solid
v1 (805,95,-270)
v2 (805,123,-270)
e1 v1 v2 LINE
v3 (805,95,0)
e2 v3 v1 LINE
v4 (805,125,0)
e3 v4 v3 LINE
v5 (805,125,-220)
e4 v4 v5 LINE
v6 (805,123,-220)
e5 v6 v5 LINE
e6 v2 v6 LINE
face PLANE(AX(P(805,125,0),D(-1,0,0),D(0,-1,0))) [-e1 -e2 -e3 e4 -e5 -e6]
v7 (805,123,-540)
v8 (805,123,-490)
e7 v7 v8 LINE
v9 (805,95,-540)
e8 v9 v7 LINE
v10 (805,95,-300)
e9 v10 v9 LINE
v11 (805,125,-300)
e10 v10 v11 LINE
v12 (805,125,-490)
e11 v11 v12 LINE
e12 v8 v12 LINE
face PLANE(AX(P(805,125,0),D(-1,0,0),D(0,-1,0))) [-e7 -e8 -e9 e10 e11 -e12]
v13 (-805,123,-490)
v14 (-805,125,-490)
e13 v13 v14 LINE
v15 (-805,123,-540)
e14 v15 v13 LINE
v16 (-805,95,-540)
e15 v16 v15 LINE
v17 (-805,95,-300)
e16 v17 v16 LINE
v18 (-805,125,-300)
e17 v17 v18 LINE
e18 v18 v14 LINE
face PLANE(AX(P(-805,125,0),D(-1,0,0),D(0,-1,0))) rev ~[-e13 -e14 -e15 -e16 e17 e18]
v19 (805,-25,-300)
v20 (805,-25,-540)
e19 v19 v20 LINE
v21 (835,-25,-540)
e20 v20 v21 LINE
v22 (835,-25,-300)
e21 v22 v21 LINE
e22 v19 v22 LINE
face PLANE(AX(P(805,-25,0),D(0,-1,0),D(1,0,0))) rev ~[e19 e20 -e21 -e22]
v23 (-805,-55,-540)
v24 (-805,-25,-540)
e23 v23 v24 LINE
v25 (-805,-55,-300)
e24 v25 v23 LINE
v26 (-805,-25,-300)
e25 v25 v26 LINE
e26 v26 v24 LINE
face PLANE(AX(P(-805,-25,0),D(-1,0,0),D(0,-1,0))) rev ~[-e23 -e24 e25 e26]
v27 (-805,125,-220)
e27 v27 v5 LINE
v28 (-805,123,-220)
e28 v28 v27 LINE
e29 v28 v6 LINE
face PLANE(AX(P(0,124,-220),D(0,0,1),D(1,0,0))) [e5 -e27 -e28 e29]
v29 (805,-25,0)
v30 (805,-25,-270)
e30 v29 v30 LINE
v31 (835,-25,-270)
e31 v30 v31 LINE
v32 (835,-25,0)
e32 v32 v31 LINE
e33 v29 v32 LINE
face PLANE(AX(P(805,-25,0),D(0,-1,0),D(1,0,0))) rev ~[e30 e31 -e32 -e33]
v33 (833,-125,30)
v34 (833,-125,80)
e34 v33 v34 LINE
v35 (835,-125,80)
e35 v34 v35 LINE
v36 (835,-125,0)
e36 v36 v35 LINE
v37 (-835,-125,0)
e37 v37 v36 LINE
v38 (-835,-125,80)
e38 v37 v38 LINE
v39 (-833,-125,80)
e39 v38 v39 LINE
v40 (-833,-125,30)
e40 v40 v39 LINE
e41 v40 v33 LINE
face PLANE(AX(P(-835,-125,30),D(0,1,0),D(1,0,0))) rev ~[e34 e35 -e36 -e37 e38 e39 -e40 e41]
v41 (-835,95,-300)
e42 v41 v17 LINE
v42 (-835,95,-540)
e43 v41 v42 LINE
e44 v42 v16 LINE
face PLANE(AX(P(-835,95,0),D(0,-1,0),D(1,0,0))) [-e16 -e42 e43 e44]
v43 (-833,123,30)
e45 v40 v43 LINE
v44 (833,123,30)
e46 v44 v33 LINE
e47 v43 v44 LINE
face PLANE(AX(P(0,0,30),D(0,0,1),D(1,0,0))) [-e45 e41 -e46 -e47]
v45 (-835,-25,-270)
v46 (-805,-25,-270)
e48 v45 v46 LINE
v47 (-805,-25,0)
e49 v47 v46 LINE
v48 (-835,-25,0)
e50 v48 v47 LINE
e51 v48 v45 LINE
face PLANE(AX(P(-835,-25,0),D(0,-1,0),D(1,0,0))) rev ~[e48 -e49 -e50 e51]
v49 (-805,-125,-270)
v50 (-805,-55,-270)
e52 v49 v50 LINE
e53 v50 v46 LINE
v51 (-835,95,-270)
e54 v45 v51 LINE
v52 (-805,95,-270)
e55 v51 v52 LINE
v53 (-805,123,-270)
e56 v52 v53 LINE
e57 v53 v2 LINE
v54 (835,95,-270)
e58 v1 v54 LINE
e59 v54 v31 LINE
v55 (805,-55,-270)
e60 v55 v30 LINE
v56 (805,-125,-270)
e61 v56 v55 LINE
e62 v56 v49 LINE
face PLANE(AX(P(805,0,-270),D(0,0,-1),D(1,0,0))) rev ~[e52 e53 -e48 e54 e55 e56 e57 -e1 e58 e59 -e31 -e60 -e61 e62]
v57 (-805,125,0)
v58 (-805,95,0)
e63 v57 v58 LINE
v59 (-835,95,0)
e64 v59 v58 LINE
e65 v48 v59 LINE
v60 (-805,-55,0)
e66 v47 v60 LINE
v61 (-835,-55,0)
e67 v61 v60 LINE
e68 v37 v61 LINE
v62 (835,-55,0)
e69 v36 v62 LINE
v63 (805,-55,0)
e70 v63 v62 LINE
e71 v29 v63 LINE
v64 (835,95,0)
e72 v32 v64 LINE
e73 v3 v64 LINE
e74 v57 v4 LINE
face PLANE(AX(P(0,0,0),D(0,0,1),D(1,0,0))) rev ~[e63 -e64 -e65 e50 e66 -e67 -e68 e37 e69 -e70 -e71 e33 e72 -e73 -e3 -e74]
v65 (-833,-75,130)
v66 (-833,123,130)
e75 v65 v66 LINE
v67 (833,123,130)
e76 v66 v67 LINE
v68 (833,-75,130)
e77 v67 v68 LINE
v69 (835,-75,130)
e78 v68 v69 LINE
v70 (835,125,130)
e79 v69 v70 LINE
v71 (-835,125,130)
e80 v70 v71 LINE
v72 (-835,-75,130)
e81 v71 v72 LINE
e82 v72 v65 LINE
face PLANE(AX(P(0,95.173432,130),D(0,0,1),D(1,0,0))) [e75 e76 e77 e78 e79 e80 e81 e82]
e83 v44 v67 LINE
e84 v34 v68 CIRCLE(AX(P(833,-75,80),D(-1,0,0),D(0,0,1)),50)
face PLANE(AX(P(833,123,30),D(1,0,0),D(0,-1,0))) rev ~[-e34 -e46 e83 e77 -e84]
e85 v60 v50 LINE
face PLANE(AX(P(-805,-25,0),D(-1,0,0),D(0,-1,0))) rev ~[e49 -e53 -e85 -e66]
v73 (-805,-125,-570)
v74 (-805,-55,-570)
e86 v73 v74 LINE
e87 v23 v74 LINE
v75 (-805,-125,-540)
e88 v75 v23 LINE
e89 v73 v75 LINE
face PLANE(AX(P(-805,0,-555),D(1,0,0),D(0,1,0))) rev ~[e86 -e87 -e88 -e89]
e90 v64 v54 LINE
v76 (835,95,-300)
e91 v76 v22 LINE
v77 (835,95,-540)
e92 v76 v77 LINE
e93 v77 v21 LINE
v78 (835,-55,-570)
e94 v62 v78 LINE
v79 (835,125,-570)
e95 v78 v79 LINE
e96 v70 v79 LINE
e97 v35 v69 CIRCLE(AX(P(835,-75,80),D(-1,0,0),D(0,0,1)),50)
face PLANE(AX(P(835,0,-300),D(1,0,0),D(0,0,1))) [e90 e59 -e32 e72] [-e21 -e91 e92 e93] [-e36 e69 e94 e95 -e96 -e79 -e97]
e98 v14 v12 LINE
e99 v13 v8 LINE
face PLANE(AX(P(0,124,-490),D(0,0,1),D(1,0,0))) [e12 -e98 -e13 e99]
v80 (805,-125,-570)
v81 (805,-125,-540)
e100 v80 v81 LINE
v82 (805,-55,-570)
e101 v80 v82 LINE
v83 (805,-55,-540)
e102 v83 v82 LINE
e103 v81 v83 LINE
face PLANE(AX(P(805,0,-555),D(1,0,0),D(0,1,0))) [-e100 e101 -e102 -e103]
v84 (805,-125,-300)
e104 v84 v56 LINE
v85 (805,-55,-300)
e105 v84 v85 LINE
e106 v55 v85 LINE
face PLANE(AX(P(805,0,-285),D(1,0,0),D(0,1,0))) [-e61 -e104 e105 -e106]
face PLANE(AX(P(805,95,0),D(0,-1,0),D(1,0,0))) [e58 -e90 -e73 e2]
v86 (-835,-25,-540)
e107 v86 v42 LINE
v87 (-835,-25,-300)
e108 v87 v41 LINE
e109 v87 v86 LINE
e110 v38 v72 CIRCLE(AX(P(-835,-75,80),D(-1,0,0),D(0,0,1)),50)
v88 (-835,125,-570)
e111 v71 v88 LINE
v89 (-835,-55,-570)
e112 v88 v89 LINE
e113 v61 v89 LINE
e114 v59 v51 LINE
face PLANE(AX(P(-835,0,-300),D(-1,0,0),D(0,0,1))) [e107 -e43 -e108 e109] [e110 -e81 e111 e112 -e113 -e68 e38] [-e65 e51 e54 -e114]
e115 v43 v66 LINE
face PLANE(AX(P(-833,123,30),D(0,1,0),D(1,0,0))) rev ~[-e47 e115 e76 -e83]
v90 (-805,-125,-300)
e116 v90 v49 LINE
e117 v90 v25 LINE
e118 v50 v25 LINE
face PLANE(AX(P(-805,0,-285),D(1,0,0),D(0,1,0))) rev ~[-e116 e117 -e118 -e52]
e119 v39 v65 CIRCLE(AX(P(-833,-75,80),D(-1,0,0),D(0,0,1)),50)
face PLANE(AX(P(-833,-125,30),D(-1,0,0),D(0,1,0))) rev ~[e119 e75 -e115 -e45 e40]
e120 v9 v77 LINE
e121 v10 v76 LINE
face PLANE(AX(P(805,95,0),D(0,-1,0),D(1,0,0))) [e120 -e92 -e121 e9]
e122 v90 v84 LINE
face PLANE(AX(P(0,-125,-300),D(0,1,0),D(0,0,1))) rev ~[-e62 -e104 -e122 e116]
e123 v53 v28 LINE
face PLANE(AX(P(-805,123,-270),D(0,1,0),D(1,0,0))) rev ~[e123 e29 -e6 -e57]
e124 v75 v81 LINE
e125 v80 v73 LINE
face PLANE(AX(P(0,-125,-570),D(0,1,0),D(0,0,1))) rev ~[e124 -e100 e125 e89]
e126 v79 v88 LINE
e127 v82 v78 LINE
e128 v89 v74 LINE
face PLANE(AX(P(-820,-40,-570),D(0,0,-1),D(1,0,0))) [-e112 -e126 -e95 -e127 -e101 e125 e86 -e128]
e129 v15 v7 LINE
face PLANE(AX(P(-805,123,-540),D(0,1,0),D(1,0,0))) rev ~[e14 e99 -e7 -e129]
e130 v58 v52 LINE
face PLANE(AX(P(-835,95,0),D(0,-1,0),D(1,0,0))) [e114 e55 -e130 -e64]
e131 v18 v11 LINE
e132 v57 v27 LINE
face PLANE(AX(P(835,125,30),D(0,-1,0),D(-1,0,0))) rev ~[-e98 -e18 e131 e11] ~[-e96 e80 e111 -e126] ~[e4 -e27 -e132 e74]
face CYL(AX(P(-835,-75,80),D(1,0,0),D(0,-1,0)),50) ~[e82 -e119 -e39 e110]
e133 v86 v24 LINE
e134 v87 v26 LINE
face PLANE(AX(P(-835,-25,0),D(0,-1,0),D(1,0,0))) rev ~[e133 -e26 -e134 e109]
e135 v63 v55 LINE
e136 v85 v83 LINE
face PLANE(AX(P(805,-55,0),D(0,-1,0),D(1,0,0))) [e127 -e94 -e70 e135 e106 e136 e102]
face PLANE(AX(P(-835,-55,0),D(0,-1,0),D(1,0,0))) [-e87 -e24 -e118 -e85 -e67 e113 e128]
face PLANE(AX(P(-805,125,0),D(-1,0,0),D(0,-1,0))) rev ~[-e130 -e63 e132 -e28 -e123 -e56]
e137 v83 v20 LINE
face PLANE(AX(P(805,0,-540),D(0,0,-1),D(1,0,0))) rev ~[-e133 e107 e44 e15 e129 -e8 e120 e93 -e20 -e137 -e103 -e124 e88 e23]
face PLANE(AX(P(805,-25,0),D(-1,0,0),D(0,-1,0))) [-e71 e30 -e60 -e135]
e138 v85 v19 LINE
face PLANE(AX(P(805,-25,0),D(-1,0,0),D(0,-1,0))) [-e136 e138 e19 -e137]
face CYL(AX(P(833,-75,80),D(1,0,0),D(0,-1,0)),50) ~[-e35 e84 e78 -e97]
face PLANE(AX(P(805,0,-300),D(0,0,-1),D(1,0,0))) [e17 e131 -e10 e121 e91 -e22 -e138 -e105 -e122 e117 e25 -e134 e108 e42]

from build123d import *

# Parameters (mm, degrees)
F0_W           = 1670
F0_H           = 250
F1_DEPTH       = 30
F2_W           = 30
F2_H           = 30
F3_DEPTH       = 570
F4_W           = 250
F4_H           = 30
F5_DEPTH       = 805
F5_DEPTH_BACK  = 805
F7_DEPTH       = 100
F8_R           = 50
F9_W           = 1610
F9_H           = 2
F10_DEPTH      = 50
F11_W          = 1610
F11_H          = 2
F12_DEPTH      = 50
F13_W          = 30
F13_H          = 30
F14_DEPTH      = 25
F14_DEPTH_BACK = 95


with BuildPart() as f1:
    # F0 (on Top) → F1 (new body)
    with BuildSketch(Plane.XY):
        Rectangle(F0_W, F0_H)
    extrude(amount=F1_DEPTH)

    # F2 (on face) → F3 (join)
    with BuildSketch(Plane(origin=(0, 0, 0), x_dir=(1, 0, 0), z_dir=(0, 0, -1))):
        with Locations((-820, 40)):
            Rectangle(F2_W, F2_H)
        with Locations((820, 40)):
            Rectangle(F2_W, F2_H)
        with Locations((820, -110)):
            Rectangle(F2_W, F2_H)
        with Locations((-820, -110)):
            Rectangle(F2_W, F2_H)
    extrude(amount=F3_DEPTH)

    # F4 (on Right) → F5 (join, two sides)
    with BuildSketch(Plane.YZ) as f5_sk:
        with Locations((0, -285)):
            Rectangle(F4_W, F4_H)
        with Locations((0, -555)):
            Rectangle(F4_W, F4_H)
    extrude(amount=F5_DEPTH)
    extrude(f5_sk.sketch, amount=-F5_DEPTH_BACK)

    # F6 (on face) → F7 (join)
    with BuildSketch(Plane.XY.offset(30)):
        Polygon((-835, 125), (-835, -125), (-833, -125), (-833, 123), (833, 123), (833, -125), (835, -125), (835, 125), align=None)
    extrude(amount=F7_DEPTH)

    # F8
    f8_edges = [f1.edges().sort_by_distance(p)[0] for p in [
        (-834, -125, 130),
        (834, -125, 130),
    ]]
    fillet(f8_edges, radius=F8_R)

    # F9 (on face) → F10 (join)
    with BuildSketch(Plane.XY.offset(-270)):
        with Locations((0, 124)):
            Rectangle(F9_W, F9_H)
    extrude(amount=F10_DEPTH)

    # F11 (on face) → F12 (join)
    with BuildSketch(Plane.XY.offset(-540)):
        with Locations((0, 124)):
            Rectangle(F11_W, F11_H)
    extrude(amount=F12_DEPTH)

    # F13 (on Front) → F14 (join, two sides)
    with BuildSketch(Plane.XZ) as f14_sk:
        with Locations((820, -285)):
            Rectangle(F13_W, F13_H)
        with Locations((820, -555)):
            Rectangle(F13_W, F13_H)
        with Locations((-820, -555)):
            Rectangle(F13_W, F13_H)
        with Locations((-820, -285)):
            Rectangle(F13_W, F13_H)
    extrude(amount=F14_DEPTH)
    extrude(f14_sk.sketch, amount=-F14_DEPTH_BACK)


solid = f1.part
